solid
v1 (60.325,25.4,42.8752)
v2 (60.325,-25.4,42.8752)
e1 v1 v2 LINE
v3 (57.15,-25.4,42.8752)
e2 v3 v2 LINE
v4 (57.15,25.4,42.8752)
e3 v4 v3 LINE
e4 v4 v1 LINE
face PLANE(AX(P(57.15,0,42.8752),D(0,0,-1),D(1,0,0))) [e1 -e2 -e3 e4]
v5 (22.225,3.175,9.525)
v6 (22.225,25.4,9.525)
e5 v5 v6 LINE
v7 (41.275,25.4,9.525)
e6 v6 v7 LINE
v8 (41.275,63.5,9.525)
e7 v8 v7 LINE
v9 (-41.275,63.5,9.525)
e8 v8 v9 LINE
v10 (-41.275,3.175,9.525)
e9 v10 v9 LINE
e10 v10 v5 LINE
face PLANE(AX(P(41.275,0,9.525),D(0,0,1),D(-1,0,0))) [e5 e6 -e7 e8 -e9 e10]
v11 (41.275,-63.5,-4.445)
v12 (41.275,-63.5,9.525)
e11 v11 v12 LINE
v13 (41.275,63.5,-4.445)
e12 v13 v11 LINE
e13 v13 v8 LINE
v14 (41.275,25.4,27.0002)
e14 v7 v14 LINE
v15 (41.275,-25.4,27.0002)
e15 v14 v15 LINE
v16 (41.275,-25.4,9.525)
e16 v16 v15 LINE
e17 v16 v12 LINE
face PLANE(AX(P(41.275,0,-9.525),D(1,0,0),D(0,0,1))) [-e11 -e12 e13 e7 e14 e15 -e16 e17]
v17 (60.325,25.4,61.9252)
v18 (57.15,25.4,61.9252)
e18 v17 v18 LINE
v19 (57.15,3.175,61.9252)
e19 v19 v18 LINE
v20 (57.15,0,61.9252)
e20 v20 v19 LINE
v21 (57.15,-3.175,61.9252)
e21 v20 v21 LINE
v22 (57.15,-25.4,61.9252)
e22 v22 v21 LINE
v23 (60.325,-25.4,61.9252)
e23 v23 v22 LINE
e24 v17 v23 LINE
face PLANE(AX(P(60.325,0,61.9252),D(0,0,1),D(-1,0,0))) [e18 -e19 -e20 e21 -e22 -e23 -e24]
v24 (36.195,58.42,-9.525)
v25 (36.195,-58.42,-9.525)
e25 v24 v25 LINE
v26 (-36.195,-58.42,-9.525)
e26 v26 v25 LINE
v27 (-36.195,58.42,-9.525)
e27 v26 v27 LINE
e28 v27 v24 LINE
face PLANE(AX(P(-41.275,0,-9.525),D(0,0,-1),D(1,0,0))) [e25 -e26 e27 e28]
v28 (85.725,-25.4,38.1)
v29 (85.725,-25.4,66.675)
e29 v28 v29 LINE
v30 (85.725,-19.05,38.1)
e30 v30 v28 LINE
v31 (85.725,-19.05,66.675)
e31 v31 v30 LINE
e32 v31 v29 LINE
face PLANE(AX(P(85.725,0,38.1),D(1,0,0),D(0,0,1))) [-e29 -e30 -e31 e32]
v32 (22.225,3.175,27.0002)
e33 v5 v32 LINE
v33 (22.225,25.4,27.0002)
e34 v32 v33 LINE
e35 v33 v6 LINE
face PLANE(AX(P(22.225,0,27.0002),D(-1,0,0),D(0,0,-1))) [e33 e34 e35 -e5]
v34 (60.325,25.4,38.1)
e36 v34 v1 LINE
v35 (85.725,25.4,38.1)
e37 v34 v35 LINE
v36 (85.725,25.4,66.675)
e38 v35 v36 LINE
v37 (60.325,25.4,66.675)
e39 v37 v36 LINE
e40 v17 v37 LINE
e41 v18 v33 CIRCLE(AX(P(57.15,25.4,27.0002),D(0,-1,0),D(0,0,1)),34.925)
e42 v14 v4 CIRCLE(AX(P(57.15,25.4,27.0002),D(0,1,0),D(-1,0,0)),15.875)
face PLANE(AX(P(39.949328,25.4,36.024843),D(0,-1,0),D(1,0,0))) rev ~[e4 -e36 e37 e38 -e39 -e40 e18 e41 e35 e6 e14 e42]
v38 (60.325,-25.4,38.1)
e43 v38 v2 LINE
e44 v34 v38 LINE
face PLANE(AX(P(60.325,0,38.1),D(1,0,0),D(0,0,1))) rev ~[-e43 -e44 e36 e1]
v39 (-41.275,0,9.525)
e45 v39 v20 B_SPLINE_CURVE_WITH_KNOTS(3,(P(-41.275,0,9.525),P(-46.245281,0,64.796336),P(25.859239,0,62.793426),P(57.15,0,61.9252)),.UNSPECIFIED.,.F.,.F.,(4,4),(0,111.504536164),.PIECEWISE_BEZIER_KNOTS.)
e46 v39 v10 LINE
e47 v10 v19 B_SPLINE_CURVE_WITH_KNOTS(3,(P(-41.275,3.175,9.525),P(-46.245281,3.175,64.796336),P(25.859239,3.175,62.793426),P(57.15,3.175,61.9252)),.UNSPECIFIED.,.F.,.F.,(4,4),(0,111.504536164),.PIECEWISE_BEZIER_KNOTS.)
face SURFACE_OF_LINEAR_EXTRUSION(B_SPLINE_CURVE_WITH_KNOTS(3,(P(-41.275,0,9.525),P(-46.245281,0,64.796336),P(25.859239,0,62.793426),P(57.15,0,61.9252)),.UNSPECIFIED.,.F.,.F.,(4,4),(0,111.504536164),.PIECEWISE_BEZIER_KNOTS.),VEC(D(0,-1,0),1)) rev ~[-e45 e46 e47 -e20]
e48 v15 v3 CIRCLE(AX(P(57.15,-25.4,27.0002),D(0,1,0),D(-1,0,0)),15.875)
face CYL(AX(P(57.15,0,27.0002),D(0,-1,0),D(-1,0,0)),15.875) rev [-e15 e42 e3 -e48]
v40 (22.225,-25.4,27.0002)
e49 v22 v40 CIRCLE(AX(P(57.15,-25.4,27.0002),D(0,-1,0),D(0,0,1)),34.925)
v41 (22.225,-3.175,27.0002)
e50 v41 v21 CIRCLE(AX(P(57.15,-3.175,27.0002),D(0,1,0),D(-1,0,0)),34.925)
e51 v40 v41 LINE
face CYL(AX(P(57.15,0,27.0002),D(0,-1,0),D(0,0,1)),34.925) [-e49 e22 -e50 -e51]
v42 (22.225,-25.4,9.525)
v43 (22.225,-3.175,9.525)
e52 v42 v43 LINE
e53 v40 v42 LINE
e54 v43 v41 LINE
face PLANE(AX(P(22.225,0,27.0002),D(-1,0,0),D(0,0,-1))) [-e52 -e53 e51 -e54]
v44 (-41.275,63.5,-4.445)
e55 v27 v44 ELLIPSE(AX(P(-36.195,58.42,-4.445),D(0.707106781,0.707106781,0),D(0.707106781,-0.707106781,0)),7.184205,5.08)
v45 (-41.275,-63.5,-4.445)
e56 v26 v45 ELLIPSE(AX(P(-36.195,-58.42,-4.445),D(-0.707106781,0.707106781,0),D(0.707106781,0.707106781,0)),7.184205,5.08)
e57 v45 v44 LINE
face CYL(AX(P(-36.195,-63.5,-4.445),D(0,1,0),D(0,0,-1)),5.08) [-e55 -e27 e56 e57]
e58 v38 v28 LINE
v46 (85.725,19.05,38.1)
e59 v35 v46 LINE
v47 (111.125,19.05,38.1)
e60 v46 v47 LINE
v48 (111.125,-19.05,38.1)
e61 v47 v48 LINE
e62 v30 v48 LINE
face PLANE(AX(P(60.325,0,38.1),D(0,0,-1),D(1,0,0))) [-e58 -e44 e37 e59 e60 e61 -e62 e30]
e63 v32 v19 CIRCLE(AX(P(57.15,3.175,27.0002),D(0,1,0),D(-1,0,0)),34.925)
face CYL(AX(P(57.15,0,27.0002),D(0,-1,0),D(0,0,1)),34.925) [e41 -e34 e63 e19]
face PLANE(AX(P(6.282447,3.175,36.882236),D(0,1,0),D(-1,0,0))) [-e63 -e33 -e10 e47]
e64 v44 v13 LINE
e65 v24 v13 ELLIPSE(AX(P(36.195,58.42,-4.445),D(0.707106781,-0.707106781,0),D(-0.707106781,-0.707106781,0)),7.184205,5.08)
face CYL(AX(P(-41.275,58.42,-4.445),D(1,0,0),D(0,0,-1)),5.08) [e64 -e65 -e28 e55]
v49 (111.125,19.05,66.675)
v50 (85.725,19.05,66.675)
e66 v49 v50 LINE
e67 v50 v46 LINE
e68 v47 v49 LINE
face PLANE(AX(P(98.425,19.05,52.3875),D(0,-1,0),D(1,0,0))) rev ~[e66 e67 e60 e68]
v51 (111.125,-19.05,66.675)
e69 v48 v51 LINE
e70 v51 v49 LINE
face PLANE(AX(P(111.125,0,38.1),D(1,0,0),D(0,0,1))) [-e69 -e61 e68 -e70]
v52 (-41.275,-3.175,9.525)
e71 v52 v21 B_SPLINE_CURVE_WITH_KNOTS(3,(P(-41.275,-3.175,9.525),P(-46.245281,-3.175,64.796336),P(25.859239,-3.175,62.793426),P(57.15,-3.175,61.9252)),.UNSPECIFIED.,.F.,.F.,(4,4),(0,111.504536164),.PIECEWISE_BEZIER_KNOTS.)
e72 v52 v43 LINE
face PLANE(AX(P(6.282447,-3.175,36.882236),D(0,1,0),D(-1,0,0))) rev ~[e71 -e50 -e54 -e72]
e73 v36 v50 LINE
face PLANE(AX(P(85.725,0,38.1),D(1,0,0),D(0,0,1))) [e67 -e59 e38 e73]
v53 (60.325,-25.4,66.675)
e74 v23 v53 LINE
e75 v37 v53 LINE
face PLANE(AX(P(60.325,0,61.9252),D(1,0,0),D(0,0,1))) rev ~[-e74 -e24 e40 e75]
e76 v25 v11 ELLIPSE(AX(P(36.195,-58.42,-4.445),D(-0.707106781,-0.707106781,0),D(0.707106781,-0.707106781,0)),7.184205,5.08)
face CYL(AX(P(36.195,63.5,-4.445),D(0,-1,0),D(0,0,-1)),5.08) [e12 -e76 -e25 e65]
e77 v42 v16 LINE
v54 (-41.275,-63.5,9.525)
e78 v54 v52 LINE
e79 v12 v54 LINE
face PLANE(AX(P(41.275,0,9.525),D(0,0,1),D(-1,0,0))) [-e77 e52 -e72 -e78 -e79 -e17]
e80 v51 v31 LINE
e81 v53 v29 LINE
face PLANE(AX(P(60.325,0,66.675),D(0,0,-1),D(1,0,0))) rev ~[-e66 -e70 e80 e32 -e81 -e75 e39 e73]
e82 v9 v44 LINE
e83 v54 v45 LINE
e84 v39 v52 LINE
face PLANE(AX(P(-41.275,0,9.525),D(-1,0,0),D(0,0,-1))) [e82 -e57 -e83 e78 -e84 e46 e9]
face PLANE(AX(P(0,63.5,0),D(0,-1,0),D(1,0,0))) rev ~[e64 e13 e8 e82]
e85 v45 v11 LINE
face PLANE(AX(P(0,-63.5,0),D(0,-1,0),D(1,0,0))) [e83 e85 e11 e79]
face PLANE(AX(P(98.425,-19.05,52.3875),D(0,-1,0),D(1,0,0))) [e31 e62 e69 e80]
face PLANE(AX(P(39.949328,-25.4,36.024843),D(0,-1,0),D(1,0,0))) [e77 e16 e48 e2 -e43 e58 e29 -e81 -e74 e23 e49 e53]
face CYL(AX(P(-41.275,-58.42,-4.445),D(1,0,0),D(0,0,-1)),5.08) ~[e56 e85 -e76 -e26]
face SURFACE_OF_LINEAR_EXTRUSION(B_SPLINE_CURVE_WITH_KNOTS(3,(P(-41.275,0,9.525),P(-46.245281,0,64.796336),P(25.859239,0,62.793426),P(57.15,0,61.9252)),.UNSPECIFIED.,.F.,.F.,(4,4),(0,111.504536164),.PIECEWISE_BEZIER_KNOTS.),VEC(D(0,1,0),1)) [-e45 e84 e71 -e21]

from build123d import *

# Parameters (mm, degrees)
F1_DEPTH = 63.5
F0_W     = 25.4
F0_H     = 19.05
F0_H_2   = 4.7498
F0_H_3   = 4.7752
F2_DEPTH = 25.4
F3_DEPTH = 3.175
F4_R     = 5.08
F5_DEPTH = 19.05


with BuildPart() as f1:
    # F0 (on Front) → F1 (new body, symmetric)
    with BuildSketch(Plane.XZ):
        Polygon((-41.275, -9.525), (41.275, -9.525), (41.275, 9.525), (22.225, 9.525), (-41.275, 9.525), align=None)
    extrude(amount=F1_DEPTH, both=True)

    # F0 (on Front) → F2 (join, symmetric)
    with BuildSketch(Plane.XZ):
        with BuildLine():
            Line((22.225, 9.525), (41.275, 9.525))
            Line((41.275, 9.525), (41.275, 27.0002))
            ThreePointArc((41.275, 27.0002), (45.9246798487, 38.2255201513), (57.15, 42.8752))
            Line((57.15, 42.8752), (60.325, 42.8752))
            Line((60.325, 42.8752), (60.325, 61.9252))
            Line((60.325, 61.9252), (57.15, 61.9252))
            ThreePointArc((57.15, 61.9252), (32.4542956671, 51.6959043329), (22.225, 27.0002))
            Line((22.225, 27.0002), (22.225, 9.525))
        make_face()
        with Locations((73.025, 52.4002)):
            Rectangle(F0_W, F0_H)
        with Locations((73.025, 64.3001)):
            Rectangle(F0_W, F0_H_2)
        with Locations((73.025, 40.4876)):
            Rectangle(F0_W, F0_H_3)
    extrude(amount=F2_DEPTH, both=True)

    # F0 (on Front) → F3 (join, symmetric)
    with BuildSketch(Plane.XZ):
        with BuildLine():
            add(Edge.make_bspline(
                [(-41.275, 9.525), (-46.2452806532, 64.7963359952), (25.8592385799, 62.7934262156), (57.15, 61.9252)],
                knots=[0, 0, 0, 0, 111.5045361635, 111.5045361635, 111.5045361635, 111.5045361635], degree=3))
            Line((-41.275, 9.525), (22.225, 9.525))
            Line((22.225, 9.525), (22.225, 27.0002))
            ThreePointArc((22.225, 27.0002), (32.4542956671, 51.6959043329), (57.15, 61.9252))
        make_face()
    extrude(amount=F3_DEPTH, both=True)

    # F4
    f4_edges = [f1.edges().sort_by_distance(p)[0] for p in [
        (0, -63.5, -9.525),
        (41.275, 0, -9.525),
        (0, 63.5, -9.525),
        (-41.275, 0, -9.525),
    ]]
    fillet(f4_edges, radius=F4_R)

    # F0 (on Front) → F5 (join, symmetric)
    with BuildSketch(Plane.XZ):
        Polygon((85.725, 66.675), (85.725, 61.9252), (85.725, 42.8752), (85.725, 38.1), (111.125, 38.1), (111.125, 66.675), align=None)
    extrude(amount=F5_DEPTH, both=True)


solid = f1.part
